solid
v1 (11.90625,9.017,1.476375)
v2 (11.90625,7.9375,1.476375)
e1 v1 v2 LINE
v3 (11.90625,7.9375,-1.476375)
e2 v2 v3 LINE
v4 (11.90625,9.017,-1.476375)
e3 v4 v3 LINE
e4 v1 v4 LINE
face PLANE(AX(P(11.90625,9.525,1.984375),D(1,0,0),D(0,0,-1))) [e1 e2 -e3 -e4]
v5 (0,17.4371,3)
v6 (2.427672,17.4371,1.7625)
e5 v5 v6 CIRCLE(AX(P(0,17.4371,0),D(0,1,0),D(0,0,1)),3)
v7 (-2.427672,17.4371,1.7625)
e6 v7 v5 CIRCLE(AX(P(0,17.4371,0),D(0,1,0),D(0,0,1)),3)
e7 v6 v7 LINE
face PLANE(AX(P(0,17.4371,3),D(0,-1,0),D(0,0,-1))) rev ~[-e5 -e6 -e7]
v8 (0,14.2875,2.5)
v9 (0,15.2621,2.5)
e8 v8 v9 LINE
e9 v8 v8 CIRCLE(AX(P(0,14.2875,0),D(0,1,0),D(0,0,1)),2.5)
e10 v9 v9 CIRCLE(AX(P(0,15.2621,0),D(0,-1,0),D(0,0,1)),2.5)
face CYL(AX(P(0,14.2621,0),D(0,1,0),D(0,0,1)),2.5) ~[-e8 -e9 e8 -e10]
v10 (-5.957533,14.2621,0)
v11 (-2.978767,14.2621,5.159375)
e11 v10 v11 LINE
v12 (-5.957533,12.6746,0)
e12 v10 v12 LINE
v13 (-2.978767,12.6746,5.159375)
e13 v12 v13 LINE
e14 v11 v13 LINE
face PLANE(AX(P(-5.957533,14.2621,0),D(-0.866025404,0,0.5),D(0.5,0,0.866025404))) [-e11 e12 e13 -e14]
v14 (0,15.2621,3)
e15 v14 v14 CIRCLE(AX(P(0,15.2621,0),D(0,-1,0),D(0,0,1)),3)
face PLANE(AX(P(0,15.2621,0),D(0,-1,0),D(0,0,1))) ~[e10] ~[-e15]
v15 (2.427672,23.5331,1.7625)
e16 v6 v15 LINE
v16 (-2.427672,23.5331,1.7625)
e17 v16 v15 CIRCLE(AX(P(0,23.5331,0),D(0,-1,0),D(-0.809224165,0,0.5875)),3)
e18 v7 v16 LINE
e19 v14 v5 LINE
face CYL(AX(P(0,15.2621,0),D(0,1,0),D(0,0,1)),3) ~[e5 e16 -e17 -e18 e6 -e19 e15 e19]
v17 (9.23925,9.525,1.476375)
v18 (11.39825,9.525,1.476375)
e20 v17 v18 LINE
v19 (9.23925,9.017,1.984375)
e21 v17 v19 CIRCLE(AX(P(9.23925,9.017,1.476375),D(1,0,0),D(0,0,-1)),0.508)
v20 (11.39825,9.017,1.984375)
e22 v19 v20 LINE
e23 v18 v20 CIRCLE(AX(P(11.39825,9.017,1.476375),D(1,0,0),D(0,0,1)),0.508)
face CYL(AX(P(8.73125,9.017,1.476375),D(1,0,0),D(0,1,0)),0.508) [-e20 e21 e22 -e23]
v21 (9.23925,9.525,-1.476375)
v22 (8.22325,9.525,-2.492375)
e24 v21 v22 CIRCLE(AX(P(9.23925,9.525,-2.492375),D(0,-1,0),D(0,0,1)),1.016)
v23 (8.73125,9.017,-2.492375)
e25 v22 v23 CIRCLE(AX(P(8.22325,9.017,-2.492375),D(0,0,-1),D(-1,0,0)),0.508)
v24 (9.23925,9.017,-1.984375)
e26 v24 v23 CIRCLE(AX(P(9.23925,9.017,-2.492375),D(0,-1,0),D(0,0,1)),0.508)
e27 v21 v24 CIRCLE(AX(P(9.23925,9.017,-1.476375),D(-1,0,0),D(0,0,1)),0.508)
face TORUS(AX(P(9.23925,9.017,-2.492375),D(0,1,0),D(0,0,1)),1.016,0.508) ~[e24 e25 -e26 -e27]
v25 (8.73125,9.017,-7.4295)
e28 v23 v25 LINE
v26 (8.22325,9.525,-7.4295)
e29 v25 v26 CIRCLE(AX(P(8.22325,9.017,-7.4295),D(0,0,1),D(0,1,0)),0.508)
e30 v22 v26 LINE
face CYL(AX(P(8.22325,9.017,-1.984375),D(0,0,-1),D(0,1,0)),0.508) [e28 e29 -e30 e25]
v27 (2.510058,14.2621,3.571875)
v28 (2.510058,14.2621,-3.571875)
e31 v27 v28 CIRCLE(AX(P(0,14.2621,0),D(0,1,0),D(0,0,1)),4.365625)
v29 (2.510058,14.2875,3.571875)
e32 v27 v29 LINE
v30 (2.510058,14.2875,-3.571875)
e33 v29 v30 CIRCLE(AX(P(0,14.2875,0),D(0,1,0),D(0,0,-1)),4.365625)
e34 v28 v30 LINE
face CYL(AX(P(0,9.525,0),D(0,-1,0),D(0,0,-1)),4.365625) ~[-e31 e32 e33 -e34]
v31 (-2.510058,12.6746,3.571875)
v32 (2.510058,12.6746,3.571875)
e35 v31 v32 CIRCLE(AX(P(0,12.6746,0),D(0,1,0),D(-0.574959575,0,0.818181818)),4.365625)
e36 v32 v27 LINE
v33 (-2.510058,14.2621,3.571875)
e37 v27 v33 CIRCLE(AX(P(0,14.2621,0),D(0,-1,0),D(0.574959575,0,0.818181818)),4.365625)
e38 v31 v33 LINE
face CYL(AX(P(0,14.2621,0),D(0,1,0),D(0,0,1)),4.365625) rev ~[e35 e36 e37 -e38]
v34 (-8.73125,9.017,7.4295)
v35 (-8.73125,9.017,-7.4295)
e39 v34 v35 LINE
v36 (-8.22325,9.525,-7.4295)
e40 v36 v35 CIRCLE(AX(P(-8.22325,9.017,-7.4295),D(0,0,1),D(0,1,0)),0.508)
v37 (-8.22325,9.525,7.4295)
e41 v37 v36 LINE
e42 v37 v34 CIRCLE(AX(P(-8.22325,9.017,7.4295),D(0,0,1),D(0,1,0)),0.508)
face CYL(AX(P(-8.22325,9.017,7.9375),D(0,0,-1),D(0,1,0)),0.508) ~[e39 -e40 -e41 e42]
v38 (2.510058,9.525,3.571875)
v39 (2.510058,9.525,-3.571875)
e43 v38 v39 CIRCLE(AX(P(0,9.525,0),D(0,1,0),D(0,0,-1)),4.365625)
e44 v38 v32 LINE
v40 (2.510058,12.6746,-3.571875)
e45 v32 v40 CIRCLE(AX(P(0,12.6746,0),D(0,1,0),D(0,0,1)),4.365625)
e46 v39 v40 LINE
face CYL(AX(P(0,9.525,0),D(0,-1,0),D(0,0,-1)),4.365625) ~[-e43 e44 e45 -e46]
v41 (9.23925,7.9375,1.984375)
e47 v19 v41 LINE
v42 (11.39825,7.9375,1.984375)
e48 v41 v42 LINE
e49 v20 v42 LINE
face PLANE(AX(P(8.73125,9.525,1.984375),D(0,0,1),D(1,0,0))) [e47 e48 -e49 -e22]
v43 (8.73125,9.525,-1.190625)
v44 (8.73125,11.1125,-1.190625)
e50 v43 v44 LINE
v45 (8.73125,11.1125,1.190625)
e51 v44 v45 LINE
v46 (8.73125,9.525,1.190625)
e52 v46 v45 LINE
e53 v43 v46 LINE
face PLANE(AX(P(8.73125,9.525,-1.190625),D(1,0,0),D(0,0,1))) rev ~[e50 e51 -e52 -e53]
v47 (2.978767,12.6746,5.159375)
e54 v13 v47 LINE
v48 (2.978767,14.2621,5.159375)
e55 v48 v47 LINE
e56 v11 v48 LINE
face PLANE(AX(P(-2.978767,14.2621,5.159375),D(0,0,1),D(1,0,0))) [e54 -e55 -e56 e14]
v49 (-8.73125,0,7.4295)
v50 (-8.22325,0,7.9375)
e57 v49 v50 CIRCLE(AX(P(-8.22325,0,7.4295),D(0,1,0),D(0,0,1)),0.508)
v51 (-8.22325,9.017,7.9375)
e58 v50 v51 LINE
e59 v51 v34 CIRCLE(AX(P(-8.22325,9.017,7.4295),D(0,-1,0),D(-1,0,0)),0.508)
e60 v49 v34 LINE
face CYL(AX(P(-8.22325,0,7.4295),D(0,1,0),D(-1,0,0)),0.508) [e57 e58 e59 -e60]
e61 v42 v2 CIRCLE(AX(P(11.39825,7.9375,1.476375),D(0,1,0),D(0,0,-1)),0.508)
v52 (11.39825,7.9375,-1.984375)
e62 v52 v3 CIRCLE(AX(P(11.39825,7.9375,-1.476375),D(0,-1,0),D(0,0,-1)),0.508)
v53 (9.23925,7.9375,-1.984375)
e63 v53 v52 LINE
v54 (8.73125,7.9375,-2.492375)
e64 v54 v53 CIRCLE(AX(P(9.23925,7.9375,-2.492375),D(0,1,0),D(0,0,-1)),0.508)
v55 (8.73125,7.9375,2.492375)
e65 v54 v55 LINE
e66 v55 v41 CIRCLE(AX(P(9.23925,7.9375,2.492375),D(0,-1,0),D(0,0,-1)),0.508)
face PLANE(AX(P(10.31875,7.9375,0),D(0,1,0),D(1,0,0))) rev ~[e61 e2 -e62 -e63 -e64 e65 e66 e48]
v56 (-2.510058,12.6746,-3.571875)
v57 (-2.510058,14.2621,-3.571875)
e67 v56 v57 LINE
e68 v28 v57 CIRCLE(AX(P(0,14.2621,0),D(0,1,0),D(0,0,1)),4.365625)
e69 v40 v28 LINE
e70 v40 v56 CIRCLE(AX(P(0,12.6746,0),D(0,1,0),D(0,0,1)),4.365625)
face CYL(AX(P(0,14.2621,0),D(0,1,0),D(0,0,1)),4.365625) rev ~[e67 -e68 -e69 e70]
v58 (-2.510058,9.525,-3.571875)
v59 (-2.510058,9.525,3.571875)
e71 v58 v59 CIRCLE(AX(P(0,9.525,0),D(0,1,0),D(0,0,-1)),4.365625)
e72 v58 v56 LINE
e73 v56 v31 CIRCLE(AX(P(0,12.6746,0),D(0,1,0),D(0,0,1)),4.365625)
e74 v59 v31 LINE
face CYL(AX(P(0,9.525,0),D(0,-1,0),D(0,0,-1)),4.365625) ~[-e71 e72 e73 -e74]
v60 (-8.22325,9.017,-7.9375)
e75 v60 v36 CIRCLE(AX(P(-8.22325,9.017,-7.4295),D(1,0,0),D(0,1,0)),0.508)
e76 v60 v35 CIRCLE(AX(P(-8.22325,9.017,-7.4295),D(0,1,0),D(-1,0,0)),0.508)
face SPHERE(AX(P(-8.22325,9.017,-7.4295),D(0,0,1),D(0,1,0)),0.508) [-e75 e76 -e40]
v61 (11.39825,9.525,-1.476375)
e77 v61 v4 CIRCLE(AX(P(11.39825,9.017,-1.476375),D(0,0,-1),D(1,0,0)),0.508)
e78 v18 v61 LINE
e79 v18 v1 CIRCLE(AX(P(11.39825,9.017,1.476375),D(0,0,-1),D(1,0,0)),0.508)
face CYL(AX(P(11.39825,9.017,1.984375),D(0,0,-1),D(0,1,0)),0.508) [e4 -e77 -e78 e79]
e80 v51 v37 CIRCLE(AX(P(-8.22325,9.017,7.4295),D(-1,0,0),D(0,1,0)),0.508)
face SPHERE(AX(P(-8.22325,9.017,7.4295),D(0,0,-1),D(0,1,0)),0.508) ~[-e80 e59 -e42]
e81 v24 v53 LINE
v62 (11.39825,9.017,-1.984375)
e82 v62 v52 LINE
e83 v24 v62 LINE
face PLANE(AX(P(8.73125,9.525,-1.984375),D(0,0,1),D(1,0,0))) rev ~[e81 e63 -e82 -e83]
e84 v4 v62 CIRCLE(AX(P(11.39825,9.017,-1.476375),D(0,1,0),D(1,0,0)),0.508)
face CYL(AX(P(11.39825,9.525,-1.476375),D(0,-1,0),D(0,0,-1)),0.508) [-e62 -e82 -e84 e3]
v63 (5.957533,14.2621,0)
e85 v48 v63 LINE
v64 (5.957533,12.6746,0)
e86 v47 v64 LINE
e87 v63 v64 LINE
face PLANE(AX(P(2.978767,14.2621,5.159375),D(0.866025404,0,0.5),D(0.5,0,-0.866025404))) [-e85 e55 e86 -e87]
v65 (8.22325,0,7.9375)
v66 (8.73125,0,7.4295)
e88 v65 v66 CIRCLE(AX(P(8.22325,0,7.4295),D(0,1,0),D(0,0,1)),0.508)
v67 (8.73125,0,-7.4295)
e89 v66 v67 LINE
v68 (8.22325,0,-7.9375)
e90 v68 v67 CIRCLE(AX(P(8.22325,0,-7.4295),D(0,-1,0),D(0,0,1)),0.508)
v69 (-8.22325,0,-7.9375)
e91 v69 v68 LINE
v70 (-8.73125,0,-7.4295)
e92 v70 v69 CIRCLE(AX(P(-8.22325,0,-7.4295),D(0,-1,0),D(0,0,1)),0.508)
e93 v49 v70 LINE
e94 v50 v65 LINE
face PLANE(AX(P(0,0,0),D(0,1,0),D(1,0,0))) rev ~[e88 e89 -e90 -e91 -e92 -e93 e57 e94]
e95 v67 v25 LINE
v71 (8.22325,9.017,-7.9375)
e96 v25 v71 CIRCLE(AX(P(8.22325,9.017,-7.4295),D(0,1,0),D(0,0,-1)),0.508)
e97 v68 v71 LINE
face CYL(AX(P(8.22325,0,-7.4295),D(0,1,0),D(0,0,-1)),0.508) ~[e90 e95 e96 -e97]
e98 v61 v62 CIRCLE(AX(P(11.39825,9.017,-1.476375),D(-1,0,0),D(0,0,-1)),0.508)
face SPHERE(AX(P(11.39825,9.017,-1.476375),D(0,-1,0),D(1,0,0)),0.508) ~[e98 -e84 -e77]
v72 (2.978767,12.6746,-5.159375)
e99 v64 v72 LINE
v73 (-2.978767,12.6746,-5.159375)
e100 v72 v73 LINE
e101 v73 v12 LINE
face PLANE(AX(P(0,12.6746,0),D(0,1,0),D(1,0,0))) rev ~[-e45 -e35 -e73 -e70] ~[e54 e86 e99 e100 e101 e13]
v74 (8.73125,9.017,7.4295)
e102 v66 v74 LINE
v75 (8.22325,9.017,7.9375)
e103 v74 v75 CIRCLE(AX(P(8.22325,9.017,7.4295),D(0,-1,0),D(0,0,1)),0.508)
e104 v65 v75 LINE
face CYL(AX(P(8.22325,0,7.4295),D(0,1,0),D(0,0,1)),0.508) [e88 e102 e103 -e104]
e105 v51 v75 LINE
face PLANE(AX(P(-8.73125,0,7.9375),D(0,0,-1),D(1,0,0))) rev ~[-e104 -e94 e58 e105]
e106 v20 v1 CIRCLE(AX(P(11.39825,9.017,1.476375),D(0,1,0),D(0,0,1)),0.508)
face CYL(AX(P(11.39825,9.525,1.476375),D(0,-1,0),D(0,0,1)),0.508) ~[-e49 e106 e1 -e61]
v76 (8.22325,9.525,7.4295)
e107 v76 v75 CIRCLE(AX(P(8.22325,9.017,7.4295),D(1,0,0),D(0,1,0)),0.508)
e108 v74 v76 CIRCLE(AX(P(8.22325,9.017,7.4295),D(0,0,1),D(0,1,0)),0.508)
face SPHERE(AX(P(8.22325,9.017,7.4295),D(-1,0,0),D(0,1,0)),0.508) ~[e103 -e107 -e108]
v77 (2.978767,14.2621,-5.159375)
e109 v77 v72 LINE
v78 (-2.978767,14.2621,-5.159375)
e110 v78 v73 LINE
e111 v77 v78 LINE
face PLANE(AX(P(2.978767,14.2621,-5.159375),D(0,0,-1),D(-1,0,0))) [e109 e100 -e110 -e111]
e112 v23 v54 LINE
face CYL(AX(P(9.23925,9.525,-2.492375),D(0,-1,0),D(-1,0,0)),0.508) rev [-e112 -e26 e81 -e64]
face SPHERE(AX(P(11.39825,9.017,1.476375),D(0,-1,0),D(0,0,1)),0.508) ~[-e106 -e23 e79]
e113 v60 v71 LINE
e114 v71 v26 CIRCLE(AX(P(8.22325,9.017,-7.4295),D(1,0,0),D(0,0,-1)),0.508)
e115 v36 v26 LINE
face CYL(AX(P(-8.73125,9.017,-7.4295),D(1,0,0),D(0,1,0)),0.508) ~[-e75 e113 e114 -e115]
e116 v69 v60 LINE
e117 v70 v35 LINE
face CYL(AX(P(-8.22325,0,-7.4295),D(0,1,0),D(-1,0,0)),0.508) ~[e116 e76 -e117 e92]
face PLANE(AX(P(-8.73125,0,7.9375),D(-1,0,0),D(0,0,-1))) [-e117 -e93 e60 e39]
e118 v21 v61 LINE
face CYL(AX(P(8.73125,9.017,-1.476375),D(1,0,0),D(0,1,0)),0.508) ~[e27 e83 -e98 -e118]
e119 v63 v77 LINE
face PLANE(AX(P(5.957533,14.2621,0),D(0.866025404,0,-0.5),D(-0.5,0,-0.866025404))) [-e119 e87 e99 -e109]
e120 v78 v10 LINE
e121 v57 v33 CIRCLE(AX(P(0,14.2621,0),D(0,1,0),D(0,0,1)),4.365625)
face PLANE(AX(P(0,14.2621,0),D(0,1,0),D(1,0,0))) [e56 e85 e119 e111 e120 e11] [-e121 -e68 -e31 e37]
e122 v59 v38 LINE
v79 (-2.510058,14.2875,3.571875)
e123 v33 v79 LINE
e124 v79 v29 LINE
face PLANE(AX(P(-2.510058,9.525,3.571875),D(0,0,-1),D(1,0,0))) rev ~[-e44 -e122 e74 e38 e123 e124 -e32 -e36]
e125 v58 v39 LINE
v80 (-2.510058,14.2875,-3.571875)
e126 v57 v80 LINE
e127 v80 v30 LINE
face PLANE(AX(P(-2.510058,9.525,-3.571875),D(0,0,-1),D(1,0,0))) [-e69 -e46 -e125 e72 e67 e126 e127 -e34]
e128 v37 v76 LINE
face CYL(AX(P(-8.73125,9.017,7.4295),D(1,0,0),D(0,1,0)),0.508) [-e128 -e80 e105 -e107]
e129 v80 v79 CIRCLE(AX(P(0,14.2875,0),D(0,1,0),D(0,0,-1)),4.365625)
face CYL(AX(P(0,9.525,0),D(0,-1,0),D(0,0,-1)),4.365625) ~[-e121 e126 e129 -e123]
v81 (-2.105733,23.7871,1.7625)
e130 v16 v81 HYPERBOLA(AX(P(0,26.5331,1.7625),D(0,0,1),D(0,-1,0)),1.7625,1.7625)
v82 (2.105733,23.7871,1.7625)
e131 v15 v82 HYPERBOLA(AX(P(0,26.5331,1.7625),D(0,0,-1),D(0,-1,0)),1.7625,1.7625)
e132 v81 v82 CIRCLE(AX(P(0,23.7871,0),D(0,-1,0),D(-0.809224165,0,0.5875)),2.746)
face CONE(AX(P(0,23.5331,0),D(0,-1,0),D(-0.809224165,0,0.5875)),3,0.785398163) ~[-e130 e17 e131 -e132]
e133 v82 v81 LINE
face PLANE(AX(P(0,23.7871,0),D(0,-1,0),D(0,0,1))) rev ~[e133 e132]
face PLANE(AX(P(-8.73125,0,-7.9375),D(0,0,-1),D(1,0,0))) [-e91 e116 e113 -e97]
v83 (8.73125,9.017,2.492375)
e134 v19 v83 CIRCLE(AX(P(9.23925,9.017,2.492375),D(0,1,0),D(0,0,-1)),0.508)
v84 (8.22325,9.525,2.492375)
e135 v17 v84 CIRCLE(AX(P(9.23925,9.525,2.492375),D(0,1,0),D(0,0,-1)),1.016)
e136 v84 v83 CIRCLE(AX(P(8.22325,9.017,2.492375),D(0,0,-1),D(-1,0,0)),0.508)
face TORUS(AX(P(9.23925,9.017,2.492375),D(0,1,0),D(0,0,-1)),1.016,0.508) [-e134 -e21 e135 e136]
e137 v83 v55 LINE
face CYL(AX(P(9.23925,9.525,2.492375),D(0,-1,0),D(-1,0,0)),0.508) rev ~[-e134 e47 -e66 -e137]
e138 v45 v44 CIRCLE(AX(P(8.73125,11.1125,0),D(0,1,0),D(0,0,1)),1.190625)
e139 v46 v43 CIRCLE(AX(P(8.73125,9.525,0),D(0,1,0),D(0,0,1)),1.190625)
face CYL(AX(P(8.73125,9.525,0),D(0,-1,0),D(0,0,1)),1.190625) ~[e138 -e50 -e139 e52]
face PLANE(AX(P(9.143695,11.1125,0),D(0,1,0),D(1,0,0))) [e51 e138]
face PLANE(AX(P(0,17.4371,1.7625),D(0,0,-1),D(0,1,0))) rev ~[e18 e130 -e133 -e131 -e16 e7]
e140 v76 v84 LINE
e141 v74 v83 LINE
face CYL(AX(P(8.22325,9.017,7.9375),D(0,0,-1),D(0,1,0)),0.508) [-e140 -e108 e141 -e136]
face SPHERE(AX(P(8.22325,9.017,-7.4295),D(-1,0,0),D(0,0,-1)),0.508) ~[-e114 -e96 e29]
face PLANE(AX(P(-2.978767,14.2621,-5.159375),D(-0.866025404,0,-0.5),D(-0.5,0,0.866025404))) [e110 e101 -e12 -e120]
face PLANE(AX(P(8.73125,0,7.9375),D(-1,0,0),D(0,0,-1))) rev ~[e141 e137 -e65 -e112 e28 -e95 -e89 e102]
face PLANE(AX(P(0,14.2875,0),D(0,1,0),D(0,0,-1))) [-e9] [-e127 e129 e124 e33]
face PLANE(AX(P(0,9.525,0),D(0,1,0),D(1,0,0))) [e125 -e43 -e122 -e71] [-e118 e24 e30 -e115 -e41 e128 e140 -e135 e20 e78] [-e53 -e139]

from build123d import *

# Parameters (mm, degrees)
SKETCH1_W                           = 17.4625
SKETCH1_H                           = 15.875
BOSS_EXTRUDE1_DEPTH                 = 9.525
SKETCH2_R                           = 4.365625
BOSS_EXTRUDE2_DEPTH                 = 4.7625
CUT_EXTRUDE1_START                  = -4.7625
CUT_EXTRUDE1_DEPTH                  = 4.7625
BOSS_EXTRUDE3_START                 = -0.0254
SKETCH4_R                           = 4.365625
BOSS_EXTRUDE3_DEPTH                 = 1.5875
CUT_EXTRUDE2_REACH                  = 28.553
CUT_EXTRUDE2_END_RADIUS             = 3
SKETCH6_W                           = 1.2375
SKETCH6_H                           = 6.35
CUT_EXTRUDE2_DIRECTION_2_REACH      = 28.553
CUT_EXTRUDE2_DIRECTION_2_END_RADIUS = 3
CHAMFER1_SIZE                       = 0.254
SKETCH7_W                           = 3.175
SKETCH7_H                           = 3.96875
BOSS_EXTRUDE4_DEPTH                 = 1.5875
BOSS_EXTRUDE5_DEPTH                 = 1.5875
FILLET1_R                           = 0.508


with BuildPart() as part:
    # Sketch1 → Boss-Extrude1 (new body)
    with BuildSketch(Plane(origin=(0, 0, 0), x_dir=(1, 0, 0), z_dir=(0, 1, 0))):
        Rectangle(SKETCH1_W, SKETCH1_H)
    extrude(amount=BOSS_EXTRUDE1_DEPTH)

    # Sketch2 → Boss-Extrude2 (add)
    with BuildSketch(Plane(origin=(0, 9.525, 0), x_dir=(1, 0, 0), z_dir=(0, 1, 0))):
        with Locations(Location((0, 0, 0), (0, 0, 90))):
            Circle(SKETCH2_R)
    extrude(amount=BOSS_EXTRUDE2_DEPTH)

    # Sketch3 → Cut-Extrude1 (cut)
    with BuildSketch(Plane(origin=(0, 14.2875, 0), x_dir=(1, 0, 0), z_dir=(0, 1, 0)).offset(CUT_EXTRUDE1_START)):
        with BuildLine():
            Line((-2.510057893, -3.571875), (2.510057893, -3.571875))
            ThreePointArc((2.510057893, -3.571875), (0, -4.365625), (-2.510057893, -3.571875))
        make_face()
        with BuildLine():
            Line((-2.510057893, 3.571875), (2.510057893, 3.571875))
            ThreePointArc((2.510057893, 3.571875), (0, 4.365625), (-2.510057893, 3.571875))
        make_face()
    extrude(amount=CUT_EXTRUDE1_DEPTH, mode=Mode.SUBTRACT)



with BuildPart() as body_2:
    # Sketch4 → Boss-Extrude3 (new body)
    with BuildSketch(Plane(origin=(0, 14.2875, 0), x_dir=(1, 0, 0), z_dir=(0, 1, 0)).offset(BOSS_EXTRUDE3_START)):
        Polygon((2.978766545, 5.159375), (-2.978766545, 5.159375), (-5.95753309, 0), (-2.978766545, -5.159375), (2.978766545, -5.159375), (5.95753309, 0), align=None)
        with Locations(Location((0, 0, 0), (0, 0, 270))):
            Circle(SKETCH4_R, mode=Mode.SUBTRACT)
    extrude(amount=-BOSS_EXTRUDE3_DEPTH)


with BuildPart() as part_1:
    add(part.part)

    add(body_2.part)  # Revolve1 merges body 2
    # Sketch5 → Revolve1 (revolve)
    with BuildSketch(Plane(origin=(0, 0, 0), x_dir=(0, 0, -1), z_dir=(1, 0, 0))):
        Polygon((-2.5, 14.2621), (-2.5, 15.2621), (-3, 15.2621), (-3, 23.7871), (0, 23.7871), (0, 14.2621), align=None)
    revolve(axis=Axis((0, 14.2621, 0), (0, -1, 0)))

    # Cut-Extrude2: up to this cylinder (the profile starts inside it)
    cut_extrude2_end = Plane(origin=(0, 20.6121, 0), z_dir=(0, 1, 0)) * Cylinder(CUT_EXTRUDE2_END_RADIUS, 64.106, mode=Mode.PRIVATE)
    # Sketch6 → Cut-Extrude2 (cut, up to the surface)
    with BuildSketch(Plane(origin=(0, 0, 0), x_dir=(0, 0, -1), z_dir=(1, 0, 0)), mode=Mode.PRIVATE) as cut_extrude2_sk1:
        with Locations((-2.38125, 20.6121)):
            Rectangle(SKETCH6_W, SKETCH6_H)
    cut_extrude2_tool1 = extrude(cut_extrude2_sk1.sketch, amount=-CUT_EXTRUDE2_REACH, mode=Mode.PRIVATE) & cut_extrude2_end
    add(cut_extrude2_tool1.solids().sort_by_distance((0, 20.6121, 2.38125))[0], mode=Mode.SUBTRACT)

    # Cut-Extrude2 direction 2: up to this cylinder (the profile starts inside it)
    cut_extrude2_direction_2_end = Plane(origin=(0, 20.6121, 0), z_dir=(0, 1, 0)) * Cylinder(CUT_EXTRUDE2_DIRECTION_2_END_RADIUS, 64.106, mode=Mode.PRIVATE)
    # Sketch6 → Cut-Extrude2 direction 2 (cut, up to the surface)
    with BuildSketch(Plane(origin=(0, 0, 0), x_dir=(0, 0, -1), z_dir=(1, 0, 0)), mode=Mode.PRIVATE) as cut_extrude2_direction_2_sk1:
        with Locations((-2.38125, 20.6121)):
            Rectangle(SKETCH6_W, SKETCH6_H)
    cut_extrude2_direction_2_tool1 = extrude(cut_extrude2_direction_2_sk1.sketch, amount=CUT_EXTRUDE2_DIRECTION_2_REACH, mode=Mode.PRIVATE) & cut_extrude2_direction_2_end
    add(cut_extrude2_direction_2_tool1.solids().sort_by_distance((0, 20.6121, 2.38125))[0], mode=Mode.SUBTRACT)

    # Chamfer1
    chamfer1_edges = [part_1.edges().sort_by_distance(p)[0] for p in [
        (0, 23.7871, -3),
    ]]
    chamfer(chamfer1_edges, length=CHAMFER1_SIZE)

    # Sketch7 → Boss-Extrude4 (add)
    with BuildSketch(Plane(origin=(0, 9.525, 0), x_dir=(1, 0, 0), z_dir=(0, 1, 0))):
        with Locations((10.31875, 0)):
            Rectangle(SKETCH7_W, SKETCH7_H)
    extrude(amount=-BOSS_EXTRUDE4_DEPTH)

    # Sketch8 → Boss-Extrude5 (add)
    with BuildSketch(Plane(origin=(0, 9.525, 0), x_dir=(1, 0, 0), z_dir=(0, 1, 0))):
        with BuildLine():
            Line((8.73125, 1.190625), (8.73125, -1.190625))
            ThreePointArc((8.73125, -1.190625), (9.921875, 0), (8.73125, 1.190625))
        make_face()
    extrude(amount=BOSS_EXTRUDE5_DEPTH)

    # Fillet1
    fillet1_edges = [part_1.edges().sort_by_distance(p)[0] for p in [
        (-8.73125, 9.525, 0),
        (0, 9.525, 7.9375),
        (8.73125, 9.525, 4.9609375),
        (0, 9.525, -7.9375),
        (8.73125, 4.7625, 7.9375),
        (-8.73125, 4.7625, 7.9375),
        (-8.73125, 4.7625, -7.9375),
        (8.73125, 4.7625, -7.9375),
        (8.73125, 9.525, -4.9609375),
        (8.73125, 8.73125, 1.984375),
        (8.73125, 8.73125, -1.984375),
        (11.90625, 8.73125, -1.984375),
        (11.90625, 8.73125, 1.984375),
        (10.31875, 9.525, 1.984375),
        (11.90625, 9.525, 0),
        (10.31875, 9.525, -1.984375),
    ]]
    fillet(fillet1_edges, radius=FILLET1_R)


solid = part_1.part
